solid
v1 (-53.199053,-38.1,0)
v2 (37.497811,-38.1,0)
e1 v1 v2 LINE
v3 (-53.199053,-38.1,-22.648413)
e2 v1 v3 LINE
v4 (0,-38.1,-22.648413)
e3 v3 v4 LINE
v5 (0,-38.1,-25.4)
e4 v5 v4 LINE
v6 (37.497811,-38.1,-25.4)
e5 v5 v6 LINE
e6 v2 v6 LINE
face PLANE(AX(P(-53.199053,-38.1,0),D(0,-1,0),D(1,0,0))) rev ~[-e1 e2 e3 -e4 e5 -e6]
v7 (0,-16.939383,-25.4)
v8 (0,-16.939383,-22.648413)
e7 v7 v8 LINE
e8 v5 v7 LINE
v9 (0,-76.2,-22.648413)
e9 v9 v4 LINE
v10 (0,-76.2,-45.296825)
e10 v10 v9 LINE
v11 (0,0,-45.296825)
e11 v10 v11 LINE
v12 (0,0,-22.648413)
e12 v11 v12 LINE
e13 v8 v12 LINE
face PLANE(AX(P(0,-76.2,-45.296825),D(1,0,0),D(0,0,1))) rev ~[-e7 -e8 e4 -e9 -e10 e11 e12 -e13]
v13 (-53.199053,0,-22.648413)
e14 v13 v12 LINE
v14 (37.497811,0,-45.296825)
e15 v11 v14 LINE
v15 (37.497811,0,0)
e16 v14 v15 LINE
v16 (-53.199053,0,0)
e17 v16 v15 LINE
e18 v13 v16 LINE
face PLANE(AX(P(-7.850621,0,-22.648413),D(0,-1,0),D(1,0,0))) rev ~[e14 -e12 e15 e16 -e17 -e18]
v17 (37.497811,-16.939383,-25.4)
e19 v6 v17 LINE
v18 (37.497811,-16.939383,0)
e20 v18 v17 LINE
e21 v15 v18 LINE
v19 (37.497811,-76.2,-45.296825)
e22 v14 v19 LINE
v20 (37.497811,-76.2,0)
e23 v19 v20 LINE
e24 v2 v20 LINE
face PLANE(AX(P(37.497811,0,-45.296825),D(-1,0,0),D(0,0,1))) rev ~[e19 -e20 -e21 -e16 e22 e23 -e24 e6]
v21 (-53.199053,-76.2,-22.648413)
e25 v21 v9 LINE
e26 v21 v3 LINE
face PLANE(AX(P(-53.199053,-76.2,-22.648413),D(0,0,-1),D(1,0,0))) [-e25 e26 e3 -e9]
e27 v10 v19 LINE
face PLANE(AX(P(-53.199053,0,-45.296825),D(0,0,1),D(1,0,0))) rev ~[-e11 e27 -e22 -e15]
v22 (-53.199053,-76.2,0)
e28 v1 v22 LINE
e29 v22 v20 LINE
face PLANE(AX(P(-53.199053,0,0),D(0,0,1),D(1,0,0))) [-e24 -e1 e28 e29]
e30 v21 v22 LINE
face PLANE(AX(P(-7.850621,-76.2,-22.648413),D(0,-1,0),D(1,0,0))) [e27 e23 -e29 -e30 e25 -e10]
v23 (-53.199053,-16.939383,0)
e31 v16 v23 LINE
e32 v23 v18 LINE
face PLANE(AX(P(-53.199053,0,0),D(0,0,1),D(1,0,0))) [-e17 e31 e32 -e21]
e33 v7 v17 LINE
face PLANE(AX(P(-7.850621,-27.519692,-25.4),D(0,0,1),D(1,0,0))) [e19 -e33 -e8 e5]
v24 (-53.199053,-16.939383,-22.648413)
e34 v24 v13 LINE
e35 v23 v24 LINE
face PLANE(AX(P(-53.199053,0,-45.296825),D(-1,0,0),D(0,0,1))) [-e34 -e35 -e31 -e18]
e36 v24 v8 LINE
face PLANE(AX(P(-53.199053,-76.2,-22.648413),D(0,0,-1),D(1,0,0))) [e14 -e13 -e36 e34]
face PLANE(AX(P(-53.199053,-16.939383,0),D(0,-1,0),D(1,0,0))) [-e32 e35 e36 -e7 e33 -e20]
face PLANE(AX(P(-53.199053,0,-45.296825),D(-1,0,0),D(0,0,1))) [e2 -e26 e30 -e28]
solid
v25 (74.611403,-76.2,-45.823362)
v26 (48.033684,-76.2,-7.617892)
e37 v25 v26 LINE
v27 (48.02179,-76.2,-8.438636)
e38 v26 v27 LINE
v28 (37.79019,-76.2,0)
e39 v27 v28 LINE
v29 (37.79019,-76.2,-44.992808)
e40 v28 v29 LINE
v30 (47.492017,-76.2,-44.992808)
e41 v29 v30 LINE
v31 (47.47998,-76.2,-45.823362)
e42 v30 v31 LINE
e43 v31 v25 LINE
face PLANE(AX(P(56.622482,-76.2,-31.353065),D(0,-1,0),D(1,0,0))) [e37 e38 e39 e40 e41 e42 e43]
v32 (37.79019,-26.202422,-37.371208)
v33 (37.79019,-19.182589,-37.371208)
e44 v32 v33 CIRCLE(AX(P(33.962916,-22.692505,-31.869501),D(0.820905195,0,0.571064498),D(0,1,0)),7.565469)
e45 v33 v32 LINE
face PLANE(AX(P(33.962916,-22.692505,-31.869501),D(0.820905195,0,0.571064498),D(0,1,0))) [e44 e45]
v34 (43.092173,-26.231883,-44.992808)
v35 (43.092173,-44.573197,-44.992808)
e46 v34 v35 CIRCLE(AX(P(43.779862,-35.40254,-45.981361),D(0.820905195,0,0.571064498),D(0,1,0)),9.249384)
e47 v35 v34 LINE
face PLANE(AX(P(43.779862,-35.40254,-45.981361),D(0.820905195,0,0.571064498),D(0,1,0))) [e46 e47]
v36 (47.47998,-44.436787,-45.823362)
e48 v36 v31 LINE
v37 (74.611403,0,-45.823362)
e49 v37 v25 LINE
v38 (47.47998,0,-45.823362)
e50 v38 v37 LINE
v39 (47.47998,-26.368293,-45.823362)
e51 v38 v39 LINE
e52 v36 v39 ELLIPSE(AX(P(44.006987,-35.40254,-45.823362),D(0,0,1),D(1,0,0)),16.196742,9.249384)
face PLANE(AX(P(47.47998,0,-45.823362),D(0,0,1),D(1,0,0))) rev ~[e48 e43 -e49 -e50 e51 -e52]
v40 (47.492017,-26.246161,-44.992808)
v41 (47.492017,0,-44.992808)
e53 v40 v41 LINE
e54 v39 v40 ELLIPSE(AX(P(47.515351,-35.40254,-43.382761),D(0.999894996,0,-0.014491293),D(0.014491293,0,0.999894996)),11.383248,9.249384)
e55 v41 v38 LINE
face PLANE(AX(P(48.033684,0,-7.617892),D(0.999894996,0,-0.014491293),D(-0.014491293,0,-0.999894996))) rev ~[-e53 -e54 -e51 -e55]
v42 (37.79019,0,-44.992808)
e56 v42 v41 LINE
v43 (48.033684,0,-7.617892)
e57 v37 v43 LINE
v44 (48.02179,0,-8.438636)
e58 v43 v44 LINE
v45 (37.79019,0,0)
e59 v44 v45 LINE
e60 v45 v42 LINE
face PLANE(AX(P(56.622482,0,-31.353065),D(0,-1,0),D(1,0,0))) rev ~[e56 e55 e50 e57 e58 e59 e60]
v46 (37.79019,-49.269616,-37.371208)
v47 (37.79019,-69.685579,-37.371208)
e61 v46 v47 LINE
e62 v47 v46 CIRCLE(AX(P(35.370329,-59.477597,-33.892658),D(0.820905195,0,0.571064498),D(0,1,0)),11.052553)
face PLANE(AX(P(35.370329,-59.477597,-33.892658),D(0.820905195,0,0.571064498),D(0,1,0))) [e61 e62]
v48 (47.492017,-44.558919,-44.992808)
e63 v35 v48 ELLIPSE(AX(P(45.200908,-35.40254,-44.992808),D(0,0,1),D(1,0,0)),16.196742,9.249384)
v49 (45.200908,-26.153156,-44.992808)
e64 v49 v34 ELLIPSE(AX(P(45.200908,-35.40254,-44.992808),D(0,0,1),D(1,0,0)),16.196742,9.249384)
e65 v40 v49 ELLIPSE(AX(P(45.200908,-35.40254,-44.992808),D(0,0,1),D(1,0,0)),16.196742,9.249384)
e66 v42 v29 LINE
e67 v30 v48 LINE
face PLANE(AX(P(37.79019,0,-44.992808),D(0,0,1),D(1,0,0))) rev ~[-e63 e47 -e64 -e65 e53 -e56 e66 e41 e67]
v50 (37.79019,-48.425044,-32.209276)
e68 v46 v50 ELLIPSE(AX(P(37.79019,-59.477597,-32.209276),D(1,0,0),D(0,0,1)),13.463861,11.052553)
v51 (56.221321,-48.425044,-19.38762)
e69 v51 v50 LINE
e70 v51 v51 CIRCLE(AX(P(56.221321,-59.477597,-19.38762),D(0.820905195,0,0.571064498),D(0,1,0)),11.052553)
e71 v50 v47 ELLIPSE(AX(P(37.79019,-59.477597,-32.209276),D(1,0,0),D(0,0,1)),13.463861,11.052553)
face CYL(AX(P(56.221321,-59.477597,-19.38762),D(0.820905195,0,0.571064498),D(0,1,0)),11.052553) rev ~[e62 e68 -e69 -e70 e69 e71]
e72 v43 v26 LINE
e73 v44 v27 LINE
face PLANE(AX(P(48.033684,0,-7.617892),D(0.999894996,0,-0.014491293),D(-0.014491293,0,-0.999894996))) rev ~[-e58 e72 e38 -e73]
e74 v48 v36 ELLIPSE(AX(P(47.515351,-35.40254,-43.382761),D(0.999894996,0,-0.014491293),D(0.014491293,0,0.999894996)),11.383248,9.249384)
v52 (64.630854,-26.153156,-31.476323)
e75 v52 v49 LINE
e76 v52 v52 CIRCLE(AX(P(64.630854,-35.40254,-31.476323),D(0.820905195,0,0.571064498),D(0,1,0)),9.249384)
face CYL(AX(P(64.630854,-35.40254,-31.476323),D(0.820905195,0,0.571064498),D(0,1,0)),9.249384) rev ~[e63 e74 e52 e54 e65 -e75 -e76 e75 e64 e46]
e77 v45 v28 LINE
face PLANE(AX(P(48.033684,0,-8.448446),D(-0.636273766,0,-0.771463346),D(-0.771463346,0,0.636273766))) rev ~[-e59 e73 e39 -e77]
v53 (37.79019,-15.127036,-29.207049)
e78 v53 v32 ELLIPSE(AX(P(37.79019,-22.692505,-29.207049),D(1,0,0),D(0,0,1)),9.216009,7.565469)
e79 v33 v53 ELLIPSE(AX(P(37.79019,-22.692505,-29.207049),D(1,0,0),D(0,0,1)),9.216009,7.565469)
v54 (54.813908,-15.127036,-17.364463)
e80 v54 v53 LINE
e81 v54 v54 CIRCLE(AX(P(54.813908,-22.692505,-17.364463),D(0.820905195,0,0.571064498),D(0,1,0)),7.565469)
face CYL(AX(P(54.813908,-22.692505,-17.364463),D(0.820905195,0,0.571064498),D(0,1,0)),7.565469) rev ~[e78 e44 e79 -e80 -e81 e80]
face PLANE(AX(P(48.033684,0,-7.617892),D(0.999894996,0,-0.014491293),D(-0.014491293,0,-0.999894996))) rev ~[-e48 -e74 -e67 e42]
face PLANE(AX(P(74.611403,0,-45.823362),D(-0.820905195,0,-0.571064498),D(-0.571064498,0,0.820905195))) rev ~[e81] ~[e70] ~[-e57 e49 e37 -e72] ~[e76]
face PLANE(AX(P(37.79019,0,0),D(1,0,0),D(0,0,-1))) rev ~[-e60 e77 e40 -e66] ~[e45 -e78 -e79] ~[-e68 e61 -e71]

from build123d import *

# Parameters (mm, degrees)
F0_W      = 90.6968638301
F0_H      = 45.2968254685
F1_DEPTH  = 76.2
F2_W      = 90.6968638301
F2_H      = 21.1606169999
F3_DEPTH  = 25.4
F5_DEPTH  = 76.2
F7_DEPTH  = 76.2
F8_W      = 53.1990528107
F8_H      = 22.6484127343
F9_DEPTH  = 76.2
F10_R     = 11.0525530921
F11_DEPTH = 25.4
F12_R     = 7.5654694939
F13_DEPTH = 25.4
F14_R     = 9.2493841875
F15_DEPTH = 25.4


with BuildPart() as f1:
    # F0 (on Front) → F1 (new body)
    with BuildSketch(Plane.XZ):
        with Locations((-7.8506208956, -22.6484127343)):
            Rectangle(F0_W, F0_H)
    extrude(amount=F1_DEPTH)

    # F2 (on face) → F3 (cut)
    with BuildSketch(Plane.XY):
        with Locations((-7.8506208956, -27.5196915001)):
            Rectangle(F2_W, F2_H)
    extrude(amount=-F3_DEPTH, mode=Mode.SUBTRACT)

    # F8 (on face) → F9 (cut)
    with BuildSketch(Plane.XZ.offset(76.2)):
        with Locations((-26.5995264053, -33.9726191014)):
            Rectangle(F8_W, F8_H)
    extrude(amount=-F9_DEPTH, mode=Mode.SUBTRACT)


with BuildPart() as f5:
    # F4 (on Front) → F5 (new body)
    with BuildSketch(Plane.XZ):
        Polygon((37.7901904285, 0), (37.7901904285, -44.9928082526), (48.0336844921, -44.9928082526), (48.0336844921, -8.4484461695), align=None)
    extrude(amount=F5_DEPTH)

    # F6 (on Front) → F7 (join)
    with BuildSketch(Plane.XZ):
        Polygon((74.611403048, -45.8233617246), (48.0336844921, -7.6178922318), (47.4799796939, -45.8233617246), align=None)
    extrude(amount=F7_DEPTH)

    # F10 (on face) → F11 (cut)
    with BuildSketch(Plane(origin=(28.7980055124, 0, 20.0333956274), x_dir=(0, 1, 0), z_dir=(0.8209051953, 0, 0.5710644976))):
        with Locations((-59.4775974751, -48.0213984847)):
            Circle(F10_R)
    extrude(amount=-F11_DEPTH, mode=Mode.SUBTRACT)

    # F12 (on face) → F13 (cut)
    with BuildSketch(Plane(origin=(28.7980055124, 0, 20.0333956274), x_dir=(0, 1, 0), z_dir=(0.8209051953, 0, 0.5710644976))):
        with Locations((-22.6925052702, -45.5568544567)):
            Circle(F12_R)
    extrude(amount=-F13_DEPTH, mode=Mode.SUBTRACT)

    # F14 (on face) → F15 (cut)
    with BuildSketch(Plane(origin=(28.7980055124, 0, 20.0333956274), x_dir=(0, 1, 0), z_dir=(0.8209051953, 0, 0.5710644976))):
        with Locations((-35.4025401175, -62.7474635839)):
            Circle(F14_R)
    extrude(amount=-F15_DEPTH, mode=Mode.SUBTRACT)


solid = Compound([f1.part, f5.part])
